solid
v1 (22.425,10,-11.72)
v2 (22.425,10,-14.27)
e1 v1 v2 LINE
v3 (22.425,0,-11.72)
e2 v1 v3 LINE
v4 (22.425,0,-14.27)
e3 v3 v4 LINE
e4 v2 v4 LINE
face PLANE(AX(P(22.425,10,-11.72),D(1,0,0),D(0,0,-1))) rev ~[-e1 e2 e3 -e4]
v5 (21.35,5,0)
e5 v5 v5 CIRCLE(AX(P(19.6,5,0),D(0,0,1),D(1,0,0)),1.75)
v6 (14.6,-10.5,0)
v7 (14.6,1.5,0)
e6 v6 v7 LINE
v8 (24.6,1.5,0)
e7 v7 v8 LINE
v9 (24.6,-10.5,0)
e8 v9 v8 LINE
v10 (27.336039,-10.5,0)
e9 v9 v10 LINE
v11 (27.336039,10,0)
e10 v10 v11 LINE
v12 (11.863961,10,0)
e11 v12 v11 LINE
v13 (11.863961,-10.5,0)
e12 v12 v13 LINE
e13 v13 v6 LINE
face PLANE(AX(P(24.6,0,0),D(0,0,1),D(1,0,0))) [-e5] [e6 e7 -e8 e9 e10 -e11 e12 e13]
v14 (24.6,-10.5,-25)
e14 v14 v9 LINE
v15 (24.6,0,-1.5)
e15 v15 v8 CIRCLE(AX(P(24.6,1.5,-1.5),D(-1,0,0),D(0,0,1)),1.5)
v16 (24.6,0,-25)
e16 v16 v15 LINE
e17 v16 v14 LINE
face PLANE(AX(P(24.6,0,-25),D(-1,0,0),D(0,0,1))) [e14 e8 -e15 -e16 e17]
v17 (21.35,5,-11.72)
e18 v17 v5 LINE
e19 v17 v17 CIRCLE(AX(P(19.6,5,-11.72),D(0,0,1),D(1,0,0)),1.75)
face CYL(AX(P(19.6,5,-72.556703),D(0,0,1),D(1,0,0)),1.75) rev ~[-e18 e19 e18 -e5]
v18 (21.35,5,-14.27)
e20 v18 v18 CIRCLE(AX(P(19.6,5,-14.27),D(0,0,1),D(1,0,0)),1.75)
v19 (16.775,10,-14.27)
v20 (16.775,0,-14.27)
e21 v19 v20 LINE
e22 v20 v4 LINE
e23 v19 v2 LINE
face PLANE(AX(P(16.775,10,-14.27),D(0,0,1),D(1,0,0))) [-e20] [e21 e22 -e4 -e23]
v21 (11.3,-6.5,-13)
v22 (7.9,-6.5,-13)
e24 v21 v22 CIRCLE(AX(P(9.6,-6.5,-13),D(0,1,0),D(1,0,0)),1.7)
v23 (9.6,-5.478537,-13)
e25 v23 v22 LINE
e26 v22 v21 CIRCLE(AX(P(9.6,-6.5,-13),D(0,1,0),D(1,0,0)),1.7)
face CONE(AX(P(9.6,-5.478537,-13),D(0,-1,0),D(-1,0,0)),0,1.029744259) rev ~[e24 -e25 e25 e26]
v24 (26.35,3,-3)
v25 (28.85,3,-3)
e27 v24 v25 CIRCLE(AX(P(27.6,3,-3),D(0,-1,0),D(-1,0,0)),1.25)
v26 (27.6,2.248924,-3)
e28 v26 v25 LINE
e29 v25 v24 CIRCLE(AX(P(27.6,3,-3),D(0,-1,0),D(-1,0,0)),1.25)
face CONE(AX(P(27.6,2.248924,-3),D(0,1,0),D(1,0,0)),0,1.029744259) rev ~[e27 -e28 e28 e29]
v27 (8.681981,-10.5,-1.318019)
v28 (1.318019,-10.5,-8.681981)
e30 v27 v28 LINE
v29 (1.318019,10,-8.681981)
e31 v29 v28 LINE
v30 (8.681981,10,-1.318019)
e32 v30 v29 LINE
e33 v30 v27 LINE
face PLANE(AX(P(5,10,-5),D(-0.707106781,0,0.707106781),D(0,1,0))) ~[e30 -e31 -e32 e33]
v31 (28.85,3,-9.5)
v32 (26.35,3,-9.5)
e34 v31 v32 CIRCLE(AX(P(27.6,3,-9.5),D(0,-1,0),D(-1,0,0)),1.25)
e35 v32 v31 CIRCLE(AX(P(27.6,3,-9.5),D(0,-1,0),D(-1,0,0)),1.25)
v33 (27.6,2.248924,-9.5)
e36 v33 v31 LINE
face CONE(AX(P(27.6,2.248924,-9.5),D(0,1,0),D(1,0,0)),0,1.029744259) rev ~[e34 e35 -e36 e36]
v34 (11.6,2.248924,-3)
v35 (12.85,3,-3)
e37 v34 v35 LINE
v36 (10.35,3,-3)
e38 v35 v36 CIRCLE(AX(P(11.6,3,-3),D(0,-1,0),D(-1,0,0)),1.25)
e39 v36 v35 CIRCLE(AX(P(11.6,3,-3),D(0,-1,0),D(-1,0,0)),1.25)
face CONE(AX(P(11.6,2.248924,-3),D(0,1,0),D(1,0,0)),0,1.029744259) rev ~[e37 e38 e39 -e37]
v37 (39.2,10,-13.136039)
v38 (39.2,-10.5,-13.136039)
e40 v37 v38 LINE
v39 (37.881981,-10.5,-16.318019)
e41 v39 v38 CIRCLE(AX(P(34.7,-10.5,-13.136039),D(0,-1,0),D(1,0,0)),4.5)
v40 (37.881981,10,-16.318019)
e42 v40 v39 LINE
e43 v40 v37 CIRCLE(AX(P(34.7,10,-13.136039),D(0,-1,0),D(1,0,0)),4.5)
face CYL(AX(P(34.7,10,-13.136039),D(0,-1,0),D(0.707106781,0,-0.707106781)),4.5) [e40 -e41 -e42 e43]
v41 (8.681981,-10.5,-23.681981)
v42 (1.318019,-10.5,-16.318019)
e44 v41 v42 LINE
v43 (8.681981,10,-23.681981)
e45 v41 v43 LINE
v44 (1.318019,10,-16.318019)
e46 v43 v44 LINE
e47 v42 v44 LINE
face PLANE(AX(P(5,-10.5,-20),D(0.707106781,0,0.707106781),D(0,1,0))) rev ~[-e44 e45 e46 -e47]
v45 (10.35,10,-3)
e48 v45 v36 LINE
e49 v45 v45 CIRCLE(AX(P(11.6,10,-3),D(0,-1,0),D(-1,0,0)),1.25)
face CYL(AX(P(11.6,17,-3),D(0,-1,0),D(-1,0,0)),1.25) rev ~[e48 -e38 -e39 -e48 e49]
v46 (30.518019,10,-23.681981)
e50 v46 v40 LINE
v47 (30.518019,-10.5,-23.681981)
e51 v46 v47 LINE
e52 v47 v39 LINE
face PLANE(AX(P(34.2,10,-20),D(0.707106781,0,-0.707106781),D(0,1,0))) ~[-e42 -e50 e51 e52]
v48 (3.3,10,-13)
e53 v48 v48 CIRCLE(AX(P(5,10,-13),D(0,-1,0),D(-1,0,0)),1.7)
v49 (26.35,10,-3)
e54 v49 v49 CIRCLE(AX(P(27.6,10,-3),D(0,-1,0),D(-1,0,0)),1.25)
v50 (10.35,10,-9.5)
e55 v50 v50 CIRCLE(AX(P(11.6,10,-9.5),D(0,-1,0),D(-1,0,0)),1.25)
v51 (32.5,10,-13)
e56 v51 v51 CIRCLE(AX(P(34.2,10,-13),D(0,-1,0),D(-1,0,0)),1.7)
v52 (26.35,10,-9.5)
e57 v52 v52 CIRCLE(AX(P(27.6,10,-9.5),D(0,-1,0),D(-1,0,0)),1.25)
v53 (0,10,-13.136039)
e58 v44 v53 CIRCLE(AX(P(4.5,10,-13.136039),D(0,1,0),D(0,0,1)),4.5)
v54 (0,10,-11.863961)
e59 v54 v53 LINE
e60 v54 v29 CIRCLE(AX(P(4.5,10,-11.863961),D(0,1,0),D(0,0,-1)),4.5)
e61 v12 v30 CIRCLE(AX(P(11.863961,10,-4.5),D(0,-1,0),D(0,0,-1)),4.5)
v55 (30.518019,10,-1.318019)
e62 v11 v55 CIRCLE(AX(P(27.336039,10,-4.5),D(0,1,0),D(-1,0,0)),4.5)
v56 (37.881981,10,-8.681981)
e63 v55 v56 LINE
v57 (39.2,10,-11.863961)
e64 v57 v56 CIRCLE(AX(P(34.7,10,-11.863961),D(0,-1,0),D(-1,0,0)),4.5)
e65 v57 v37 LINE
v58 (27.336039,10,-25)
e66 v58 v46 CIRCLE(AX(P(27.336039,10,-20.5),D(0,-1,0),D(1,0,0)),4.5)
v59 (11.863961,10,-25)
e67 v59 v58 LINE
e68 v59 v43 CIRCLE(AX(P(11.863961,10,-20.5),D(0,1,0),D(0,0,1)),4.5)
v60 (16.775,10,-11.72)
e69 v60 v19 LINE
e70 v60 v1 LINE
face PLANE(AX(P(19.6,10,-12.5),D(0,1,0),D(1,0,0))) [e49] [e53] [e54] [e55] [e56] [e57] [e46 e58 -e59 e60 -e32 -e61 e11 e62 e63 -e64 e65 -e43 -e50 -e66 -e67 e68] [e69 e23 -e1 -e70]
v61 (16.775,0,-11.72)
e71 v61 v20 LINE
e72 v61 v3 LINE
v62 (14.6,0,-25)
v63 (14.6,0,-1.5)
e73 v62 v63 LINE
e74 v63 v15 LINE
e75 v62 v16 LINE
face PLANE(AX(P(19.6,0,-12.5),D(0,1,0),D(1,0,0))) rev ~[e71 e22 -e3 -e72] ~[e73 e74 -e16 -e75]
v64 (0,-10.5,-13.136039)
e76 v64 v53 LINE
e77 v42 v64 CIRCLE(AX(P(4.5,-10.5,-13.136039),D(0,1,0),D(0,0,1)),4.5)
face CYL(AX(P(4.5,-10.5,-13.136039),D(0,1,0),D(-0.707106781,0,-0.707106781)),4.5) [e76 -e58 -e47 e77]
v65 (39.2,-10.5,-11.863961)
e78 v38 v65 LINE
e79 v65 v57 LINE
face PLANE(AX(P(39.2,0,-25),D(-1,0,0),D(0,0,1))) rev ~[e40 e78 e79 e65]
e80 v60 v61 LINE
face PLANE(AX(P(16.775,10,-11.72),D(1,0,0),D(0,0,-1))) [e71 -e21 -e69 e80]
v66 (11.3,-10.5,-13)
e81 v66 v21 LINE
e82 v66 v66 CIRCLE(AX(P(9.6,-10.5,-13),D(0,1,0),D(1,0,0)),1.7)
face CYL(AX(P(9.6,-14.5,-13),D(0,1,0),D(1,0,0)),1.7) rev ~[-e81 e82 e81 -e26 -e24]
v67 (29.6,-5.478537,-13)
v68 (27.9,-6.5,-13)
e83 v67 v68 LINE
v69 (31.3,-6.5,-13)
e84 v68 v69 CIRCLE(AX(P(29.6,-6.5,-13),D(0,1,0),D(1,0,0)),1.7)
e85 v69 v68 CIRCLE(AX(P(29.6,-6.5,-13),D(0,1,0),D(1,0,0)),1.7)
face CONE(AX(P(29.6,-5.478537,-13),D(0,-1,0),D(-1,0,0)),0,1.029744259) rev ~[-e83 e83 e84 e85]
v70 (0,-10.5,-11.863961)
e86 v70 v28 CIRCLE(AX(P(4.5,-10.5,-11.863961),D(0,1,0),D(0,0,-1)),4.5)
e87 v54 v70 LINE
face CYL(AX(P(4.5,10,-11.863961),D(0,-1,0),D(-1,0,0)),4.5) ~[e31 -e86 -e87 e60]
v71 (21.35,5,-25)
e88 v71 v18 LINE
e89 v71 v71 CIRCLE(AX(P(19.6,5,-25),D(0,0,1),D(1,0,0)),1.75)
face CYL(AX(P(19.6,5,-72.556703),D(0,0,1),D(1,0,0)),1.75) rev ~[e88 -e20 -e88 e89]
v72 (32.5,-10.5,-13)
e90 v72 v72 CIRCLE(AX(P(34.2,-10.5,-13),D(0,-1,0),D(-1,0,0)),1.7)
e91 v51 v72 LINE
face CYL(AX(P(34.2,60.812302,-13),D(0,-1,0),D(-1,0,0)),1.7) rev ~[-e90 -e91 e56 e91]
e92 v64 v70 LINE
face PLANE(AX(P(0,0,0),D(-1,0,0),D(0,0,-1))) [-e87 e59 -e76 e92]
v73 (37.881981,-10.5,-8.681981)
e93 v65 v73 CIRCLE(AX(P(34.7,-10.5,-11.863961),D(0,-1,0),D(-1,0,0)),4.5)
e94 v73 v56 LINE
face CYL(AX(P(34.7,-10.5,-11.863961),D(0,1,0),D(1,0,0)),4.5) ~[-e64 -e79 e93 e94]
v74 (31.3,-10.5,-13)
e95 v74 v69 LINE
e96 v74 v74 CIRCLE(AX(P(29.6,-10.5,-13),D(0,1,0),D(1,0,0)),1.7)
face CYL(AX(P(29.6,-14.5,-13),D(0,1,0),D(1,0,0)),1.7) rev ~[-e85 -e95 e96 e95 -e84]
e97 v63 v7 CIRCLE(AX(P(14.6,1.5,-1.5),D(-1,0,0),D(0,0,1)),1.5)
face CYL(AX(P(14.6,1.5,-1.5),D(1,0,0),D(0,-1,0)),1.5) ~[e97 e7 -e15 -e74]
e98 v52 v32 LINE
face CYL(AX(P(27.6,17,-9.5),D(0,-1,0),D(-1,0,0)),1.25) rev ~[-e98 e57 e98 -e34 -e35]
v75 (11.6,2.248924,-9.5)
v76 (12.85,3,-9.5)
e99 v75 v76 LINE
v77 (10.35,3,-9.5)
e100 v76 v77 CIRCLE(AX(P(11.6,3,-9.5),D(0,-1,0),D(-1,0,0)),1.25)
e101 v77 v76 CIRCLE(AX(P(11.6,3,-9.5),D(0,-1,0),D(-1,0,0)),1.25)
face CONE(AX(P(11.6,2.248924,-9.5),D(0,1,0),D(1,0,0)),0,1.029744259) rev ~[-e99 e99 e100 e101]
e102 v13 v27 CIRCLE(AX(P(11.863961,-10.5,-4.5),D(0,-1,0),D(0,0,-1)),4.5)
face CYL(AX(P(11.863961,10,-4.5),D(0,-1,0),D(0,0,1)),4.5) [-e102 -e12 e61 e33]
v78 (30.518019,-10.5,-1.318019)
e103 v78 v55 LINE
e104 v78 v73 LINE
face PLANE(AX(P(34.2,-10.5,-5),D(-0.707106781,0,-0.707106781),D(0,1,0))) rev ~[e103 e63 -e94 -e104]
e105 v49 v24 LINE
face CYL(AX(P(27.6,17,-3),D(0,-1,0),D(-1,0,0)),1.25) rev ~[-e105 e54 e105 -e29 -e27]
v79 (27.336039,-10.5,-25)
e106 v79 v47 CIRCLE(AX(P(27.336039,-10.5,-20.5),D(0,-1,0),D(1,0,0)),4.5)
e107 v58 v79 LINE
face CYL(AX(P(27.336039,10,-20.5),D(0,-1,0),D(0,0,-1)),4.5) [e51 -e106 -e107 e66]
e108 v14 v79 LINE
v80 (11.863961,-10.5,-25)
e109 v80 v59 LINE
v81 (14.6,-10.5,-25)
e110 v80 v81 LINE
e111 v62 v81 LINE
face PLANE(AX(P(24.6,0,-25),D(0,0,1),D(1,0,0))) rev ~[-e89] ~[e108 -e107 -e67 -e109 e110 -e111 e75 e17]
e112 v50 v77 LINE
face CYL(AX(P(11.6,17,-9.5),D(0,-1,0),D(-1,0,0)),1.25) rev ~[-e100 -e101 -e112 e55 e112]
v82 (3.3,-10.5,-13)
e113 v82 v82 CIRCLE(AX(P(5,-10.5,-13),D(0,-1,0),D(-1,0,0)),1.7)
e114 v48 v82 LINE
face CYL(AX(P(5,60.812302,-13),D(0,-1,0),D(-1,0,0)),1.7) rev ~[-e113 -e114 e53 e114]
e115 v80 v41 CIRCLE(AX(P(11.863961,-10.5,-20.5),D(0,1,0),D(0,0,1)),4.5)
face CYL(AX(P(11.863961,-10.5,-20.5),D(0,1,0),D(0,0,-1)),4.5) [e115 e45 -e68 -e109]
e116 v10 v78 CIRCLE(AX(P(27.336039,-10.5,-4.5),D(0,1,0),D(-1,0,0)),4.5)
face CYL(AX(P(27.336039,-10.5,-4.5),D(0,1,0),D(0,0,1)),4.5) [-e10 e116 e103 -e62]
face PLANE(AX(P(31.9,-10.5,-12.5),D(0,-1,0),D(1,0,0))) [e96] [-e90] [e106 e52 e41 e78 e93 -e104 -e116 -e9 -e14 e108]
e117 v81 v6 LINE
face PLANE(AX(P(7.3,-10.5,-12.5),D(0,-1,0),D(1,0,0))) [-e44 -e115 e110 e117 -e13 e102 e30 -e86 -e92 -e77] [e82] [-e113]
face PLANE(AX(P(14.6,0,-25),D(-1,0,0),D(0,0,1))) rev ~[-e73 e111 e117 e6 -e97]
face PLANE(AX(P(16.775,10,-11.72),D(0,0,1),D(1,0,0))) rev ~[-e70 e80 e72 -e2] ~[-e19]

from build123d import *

# Parameters (mm, degrees)
SKETCH1_W                      = 39.2
SKETCH1_H                      = 25
BOSS_EXTRUDE1_DEPTH            = 10
F_3_5_3_5_DIAMETER_HOLE1_D     = 3.5
SKETCH9_W                      = 14.6
SKETCH9_H                      = 25
BOSS_EXTRUDE2_DEPTH            = 10.5
SKETCH10_W                     = 5.65
SKETCH10_H                     = 2.55
CUT_EXTRUDE4_DEPTH             = 10
F_2_5_2_5_DIAMETER_HOLE1_D     = 2.5
F_2_5_2_5_DIAMETER_HOLE1_DEPTH = 7
F_2_5_2_5_DIAMETER_HOLE1_TIP   = 0.751075774
F_3_4_3_4_DIAMETER_HOLE1_D     = 3.4
CHAMFER1_SIZE                  = 10
FILLET5_R                      = 4.5
FILLET6_R                      = 1.5
F_3_4_3_4_DIAMETER_HOLE2_D     = 3.4
F_3_4_3_4_DIAMETER_HOLE2_DEPTH = 4
F_3_4_3_4_DIAMETER_HOLE2_TIP   = 1.021463052


with BuildPart() as part:
    # Sketch1 → Boss-Extrude1 (new body)
    with BuildSketch(Plane(origin=(0, 0, 0), x_dir=(1, 0, 0), z_dir=(0, 1, 0))):
        with Locations((19.6, 12.5)):
            Rectangle(SKETCH1_W, SKETCH1_H)
    extrude(amount=BOSS_EXTRUDE1_DEPTH)

    # Ø3.5 (3.5) Diameter Hole1 (through all)
    with Locations(Plane(origin=(0, 0, -25), x_dir=(-1, 0, 0), z_dir=(0, 0, -1))):
        with Locations((-19.6, 5)):
            Hole(F_3_5_3_5_DIAMETER_HOLE1_D / 2)

    # Sketch9 → Boss-Extrude2 (add)
    with BuildSketch(Plane.XZ):
        with Locations((31.9, -12.5)):
            Rectangle(SKETCH9_W, SKETCH9_H)
        with Locations((7.3, -12.5)):
            Rectangle(SKETCH9_W, SKETCH9_H)
    extrude(amount=BOSS_EXTRUDE2_DEPTH)

    # Sketch10 → Cut-Extrude4 (cut)
    with BuildSketch(Plane(origin=(0, 10, 0), x_dir=(1, 0, 0), z_dir=(0, 1, 0))):
        with Locations((19.6, 12.995)):
            Rectangle(SKETCH10_W, SKETCH10_H)
    extrude(amount=-CUT_EXTRUDE4_DEPTH, mode=Mode.SUBTRACT)

    # Ø2.5 (2.5) Diameter Hole1
    with Locations(Plane(origin=(0, 10, 0), x_dir=(1, 0, 0), z_dir=(0, 1, 0))):
        with Locations((11.6, 3), (27.6, 3), (27.6, 9.5), (11.6, 9.5)):
            Hole(F_2_5_2_5_DIAMETER_HOLE1_D / 2, depth=F_2_5_2_5_DIAMETER_HOLE1_DEPTH)
            with Locations((0, 0, -(F_2_5_2_5_DIAMETER_HOLE1_DEPTH + F_2_5_2_5_DIAMETER_HOLE1_TIP / 2))):  # 118° drill point
                Cone(0, F_2_5_2_5_DIAMETER_HOLE1_D / 2, F_2_5_2_5_DIAMETER_HOLE1_TIP, mode=Mode.SUBTRACT)

    # Ø3.4 (3.4) Diameter Hole1 (through all)
    with Locations(Plane(origin=(0, 10, 0), x_dir=(1, 0, 0), z_dir=(0, 1, 0))):
        with Locations((34.2, 13), (5, 13)):
            Hole(F_3_4_3_4_DIAMETER_HOLE1_D / 2)

    # Chamfer1
    chamfer1_edges = [part.edges().sort_by_distance(p)[0] for p in [
        (0, -0.25, 0),
        (0, -0.25, -25),
        (39.2, -0.25, -25),
        (39.2, -0.25, 0),
    ]]
    chamfer(chamfer1_edges, length=CHAMFER1_SIZE)

    # Fillet5
    fillet5_edges = [part.edges().sort_by_distance(p)[0] for p in [
        (39.2, -0.25, -10),
        (0, -0.25, -10),
        (0, -0.25, -15),
        (29.2, -0.25, -25),
        (10, -0.25, -25),
        (29.2, -0.25, 0),
        (10, -0.25, 0),
        (39.2, -0.25, -15),
    ]]
    fillet(fillet5_edges, radius=FILLET5_R)

    # Fillet6
    fillet6_edges = [part.edges().sort_by_distance(p)[0] for p in [
        (19.6, 0, 0),
    ]]
    fillet(fillet6_edges, radius=FILLET6_R)

    # Ø3.4 (3.4) Diameter Hole2
    with Locations(Plane(origin=(0, -10.5, 0), x_dir=(-1, 0, 0), z_dir=(0, -1, 0))):
        with Locations((-9.6, 13), (-29.6, 13)):
            Hole(F_3_4_3_4_DIAMETER_HOLE2_D / 2, depth=F_3_4_3_4_DIAMETER_HOLE2_DEPTH)
            with Locations((0, 0, -(F_3_4_3_4_DIAMETER_HOLE2_DEPTH + F_3_4_3_4_DIAMETER_HOLE2_TIP / 2))):  # 118° drill point
                Cone(0, F_3_4_3_4_DIAMETER_HOLE2_D / 2, F_3_4_3_4_DIAMETER_HOLE2_TIP, mode=Mode.SUBTRACT)


solid = part.part
